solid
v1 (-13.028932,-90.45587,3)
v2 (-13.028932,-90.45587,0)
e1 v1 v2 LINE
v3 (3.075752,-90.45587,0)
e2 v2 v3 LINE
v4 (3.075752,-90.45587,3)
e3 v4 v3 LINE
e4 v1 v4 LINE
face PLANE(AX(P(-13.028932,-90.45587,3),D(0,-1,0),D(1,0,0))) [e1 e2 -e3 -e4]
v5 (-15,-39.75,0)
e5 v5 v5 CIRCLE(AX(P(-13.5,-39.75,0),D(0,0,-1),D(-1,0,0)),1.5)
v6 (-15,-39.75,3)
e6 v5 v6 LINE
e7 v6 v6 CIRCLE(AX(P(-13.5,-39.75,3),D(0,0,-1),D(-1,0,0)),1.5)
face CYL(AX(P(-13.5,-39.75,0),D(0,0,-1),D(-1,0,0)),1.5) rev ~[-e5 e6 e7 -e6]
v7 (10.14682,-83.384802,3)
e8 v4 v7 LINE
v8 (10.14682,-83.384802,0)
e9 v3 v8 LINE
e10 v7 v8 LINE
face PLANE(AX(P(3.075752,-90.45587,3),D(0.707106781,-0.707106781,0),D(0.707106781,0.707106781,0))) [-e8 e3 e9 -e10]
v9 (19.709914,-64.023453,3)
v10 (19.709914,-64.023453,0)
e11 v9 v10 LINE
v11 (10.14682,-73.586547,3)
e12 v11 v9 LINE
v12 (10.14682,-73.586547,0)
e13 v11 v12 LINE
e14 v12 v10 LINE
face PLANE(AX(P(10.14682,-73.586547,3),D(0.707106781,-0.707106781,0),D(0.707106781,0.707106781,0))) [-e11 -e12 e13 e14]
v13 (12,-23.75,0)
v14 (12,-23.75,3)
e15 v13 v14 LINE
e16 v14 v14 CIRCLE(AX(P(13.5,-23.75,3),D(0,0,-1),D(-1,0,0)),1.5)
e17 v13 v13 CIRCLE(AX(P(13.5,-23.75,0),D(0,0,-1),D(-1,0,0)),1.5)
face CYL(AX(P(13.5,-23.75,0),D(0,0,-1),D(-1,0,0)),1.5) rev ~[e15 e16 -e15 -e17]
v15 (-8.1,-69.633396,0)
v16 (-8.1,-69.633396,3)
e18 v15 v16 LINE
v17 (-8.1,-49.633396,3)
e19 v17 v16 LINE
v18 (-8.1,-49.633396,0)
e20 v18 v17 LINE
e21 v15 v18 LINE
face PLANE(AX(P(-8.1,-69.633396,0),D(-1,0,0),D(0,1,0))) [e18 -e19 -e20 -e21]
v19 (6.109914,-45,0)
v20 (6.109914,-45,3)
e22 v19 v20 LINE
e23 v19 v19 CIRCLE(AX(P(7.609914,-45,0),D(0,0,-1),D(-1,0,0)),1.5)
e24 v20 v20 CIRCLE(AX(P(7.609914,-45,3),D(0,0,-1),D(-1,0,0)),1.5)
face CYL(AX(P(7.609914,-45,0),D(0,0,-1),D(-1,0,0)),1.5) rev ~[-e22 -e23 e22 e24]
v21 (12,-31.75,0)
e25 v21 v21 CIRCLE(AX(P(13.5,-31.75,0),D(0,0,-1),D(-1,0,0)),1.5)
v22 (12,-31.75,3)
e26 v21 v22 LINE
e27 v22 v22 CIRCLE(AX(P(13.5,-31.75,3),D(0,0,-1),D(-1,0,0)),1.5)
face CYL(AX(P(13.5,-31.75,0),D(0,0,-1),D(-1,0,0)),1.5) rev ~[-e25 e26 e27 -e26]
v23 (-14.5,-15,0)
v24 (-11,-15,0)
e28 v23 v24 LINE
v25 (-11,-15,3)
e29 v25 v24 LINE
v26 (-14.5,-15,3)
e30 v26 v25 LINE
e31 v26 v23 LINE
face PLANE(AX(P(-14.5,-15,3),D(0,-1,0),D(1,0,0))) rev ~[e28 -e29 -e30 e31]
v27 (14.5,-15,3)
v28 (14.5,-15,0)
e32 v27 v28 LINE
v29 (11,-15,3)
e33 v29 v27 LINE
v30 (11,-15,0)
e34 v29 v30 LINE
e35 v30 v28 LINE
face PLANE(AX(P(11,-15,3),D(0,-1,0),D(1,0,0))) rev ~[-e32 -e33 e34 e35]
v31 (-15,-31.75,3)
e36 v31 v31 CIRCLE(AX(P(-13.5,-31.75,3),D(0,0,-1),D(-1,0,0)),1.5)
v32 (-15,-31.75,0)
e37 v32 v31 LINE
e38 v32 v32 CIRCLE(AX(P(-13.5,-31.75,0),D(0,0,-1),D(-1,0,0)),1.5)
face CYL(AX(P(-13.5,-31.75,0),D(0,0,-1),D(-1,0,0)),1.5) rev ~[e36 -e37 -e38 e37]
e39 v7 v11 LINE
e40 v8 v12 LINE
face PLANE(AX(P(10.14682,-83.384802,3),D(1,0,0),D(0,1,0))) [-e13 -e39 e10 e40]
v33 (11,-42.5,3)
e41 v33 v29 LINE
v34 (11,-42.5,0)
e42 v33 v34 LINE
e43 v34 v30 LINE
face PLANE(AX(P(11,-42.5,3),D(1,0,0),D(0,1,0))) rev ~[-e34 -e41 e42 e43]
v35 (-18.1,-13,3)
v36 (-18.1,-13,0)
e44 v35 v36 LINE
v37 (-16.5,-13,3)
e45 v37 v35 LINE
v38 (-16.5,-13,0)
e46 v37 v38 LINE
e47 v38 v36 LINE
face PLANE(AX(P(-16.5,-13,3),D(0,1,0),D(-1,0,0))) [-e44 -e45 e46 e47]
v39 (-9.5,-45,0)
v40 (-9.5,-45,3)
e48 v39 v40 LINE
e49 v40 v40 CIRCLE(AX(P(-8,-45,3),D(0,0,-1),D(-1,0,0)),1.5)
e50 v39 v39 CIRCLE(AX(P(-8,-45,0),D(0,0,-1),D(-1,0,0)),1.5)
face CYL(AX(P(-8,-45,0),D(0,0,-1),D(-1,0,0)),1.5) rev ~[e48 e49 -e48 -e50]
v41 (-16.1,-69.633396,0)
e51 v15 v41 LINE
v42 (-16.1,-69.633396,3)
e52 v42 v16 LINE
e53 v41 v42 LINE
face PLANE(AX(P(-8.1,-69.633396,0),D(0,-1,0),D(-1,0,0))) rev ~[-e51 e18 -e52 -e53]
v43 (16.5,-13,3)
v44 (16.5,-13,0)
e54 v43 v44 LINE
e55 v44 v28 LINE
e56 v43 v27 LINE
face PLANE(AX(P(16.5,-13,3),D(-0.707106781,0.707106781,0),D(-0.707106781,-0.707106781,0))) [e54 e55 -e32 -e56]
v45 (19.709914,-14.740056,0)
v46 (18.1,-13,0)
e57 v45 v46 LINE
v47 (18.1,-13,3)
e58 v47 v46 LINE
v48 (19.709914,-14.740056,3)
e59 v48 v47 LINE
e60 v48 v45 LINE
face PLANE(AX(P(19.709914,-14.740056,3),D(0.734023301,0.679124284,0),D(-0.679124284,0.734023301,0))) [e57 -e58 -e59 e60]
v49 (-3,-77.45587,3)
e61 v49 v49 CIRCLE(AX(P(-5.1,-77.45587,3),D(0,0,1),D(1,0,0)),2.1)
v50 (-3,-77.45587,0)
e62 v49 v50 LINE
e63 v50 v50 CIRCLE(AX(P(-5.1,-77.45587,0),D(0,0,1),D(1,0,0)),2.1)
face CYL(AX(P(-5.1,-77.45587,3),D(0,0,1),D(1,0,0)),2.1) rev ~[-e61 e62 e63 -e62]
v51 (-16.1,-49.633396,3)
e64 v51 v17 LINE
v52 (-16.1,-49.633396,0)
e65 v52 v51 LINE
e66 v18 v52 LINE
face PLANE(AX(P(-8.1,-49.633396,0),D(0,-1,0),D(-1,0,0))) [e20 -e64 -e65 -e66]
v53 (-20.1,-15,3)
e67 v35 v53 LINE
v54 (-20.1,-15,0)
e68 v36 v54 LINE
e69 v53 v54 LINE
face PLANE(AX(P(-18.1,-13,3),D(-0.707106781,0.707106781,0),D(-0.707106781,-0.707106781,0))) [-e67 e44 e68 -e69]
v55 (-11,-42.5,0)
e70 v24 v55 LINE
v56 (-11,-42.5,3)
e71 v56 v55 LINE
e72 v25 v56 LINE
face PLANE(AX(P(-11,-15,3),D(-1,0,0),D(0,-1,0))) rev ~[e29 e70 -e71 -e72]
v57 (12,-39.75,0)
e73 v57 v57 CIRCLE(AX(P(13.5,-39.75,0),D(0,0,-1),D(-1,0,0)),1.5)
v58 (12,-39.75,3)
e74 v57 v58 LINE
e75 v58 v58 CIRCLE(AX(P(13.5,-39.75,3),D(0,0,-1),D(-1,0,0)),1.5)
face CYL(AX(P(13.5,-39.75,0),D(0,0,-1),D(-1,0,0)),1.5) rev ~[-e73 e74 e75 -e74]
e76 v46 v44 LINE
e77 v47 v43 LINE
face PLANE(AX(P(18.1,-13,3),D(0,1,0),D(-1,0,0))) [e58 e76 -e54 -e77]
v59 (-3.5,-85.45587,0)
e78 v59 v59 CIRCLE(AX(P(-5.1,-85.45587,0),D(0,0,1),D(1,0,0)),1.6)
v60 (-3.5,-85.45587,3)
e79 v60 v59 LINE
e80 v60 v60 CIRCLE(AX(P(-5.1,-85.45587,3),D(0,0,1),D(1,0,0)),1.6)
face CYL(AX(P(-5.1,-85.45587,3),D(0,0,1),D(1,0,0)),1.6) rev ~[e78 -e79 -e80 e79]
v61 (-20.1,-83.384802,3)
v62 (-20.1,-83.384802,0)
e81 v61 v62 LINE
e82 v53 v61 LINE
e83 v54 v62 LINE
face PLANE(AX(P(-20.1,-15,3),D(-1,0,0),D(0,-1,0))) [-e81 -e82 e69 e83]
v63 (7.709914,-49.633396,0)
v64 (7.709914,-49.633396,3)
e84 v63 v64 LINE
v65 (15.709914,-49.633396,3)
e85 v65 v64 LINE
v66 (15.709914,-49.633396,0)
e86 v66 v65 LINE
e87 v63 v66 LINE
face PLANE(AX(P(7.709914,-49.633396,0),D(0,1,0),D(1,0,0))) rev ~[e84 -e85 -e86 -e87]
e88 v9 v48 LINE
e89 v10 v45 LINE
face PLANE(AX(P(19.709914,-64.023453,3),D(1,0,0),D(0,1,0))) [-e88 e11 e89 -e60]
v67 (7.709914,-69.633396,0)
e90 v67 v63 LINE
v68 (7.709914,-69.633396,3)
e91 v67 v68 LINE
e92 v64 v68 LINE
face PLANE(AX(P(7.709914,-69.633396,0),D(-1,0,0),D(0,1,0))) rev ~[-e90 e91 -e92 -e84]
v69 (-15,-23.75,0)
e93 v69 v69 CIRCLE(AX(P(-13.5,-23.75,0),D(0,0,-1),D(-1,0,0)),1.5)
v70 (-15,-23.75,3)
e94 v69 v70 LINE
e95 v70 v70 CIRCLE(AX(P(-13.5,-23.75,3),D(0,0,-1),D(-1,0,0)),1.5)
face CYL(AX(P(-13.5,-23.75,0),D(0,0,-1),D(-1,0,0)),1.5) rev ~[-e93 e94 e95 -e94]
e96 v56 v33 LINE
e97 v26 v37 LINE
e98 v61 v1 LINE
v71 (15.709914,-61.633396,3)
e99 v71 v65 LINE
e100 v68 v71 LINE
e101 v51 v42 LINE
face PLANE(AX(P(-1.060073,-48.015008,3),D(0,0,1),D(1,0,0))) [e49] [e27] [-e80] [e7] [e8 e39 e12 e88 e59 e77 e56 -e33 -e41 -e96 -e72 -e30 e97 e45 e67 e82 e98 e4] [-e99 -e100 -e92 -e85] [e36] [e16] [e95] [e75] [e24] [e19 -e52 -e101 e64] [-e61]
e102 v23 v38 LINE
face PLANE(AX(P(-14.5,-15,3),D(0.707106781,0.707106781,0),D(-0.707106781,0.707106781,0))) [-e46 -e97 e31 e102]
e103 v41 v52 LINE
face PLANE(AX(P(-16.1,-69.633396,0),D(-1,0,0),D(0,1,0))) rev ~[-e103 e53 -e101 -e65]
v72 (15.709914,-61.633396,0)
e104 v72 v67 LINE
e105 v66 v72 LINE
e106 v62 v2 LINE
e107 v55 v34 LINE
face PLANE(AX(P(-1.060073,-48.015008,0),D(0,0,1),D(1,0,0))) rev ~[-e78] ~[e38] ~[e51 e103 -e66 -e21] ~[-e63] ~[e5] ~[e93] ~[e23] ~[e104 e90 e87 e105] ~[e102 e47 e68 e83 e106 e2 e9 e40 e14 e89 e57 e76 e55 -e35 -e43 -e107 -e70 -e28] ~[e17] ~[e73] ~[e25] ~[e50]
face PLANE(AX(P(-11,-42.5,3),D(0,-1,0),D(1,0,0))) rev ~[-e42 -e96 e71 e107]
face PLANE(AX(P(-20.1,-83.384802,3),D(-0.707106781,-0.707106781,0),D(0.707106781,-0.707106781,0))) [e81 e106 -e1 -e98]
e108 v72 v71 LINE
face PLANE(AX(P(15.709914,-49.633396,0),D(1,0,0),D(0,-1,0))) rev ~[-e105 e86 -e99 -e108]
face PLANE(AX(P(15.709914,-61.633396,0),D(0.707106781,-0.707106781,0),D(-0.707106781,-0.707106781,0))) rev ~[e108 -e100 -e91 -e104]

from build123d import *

# Parameters (mm, degrees)
IZIM1_R                     = 2.1
IZIM1_R_2                   = 1.6
Y_KSEKLIK_EKSTR_ZYON1_DEPTH = 3
Y_KSEKLIK_EKSTR_ZYON2_DEPTH = 3
IZIM5_R                     = 1.5
KES_EKSTR_ZYON1_DEPTH       = 4
SKETCH3_W                   = 8
SKETCH3_H                   = 20
CUT_EXTRUDE1_DEPTH          = 10


with BuildPart() as part:
    # Çizim1 → Yükseklik-Ekstrüzyon1 (new body)
    with BuildSketch(Plane.XY.offset(3)):
        with BuildLine():
            Line((-20.1, -15), (-20.1, -83.384802))
            Line((-20.1, -83.384802), (-13.028932188, -90.455869812))
            Line((-13.028932188, -90.455869812), (3.075751729, -90.455869812))
            Line((3.075751729, -90.455869812), (10.146819541, -83.384802))
            Line((10.146819541, -83.384802), (10.146819541, -73.586547015))
            Line((10.146819541, -73.586547015), (19.709913851, -64.023452705))
            Line((19.709913851, -64.023452705), (19.709913851, -14.740055992))
            Line((19.709913851, -14.740055992), (18.1, -13))
            Line((18.1, -13), (16.5, -13))
            Line((16.5, -13), (14.5, -15))
            Line((14.5, -15), (14.5, -41.5))
            ThreePointArc((14.5, -41.5), (14.207106781, -42.207106781), (13.5, -42.5))
            Line((13.5, -42.5), (-13.5, -42.5))
            ThreePointArc((-13.5, -42.5), (-14.207106781, -42.207106781), (-14.5, -41.5))
            Line((-14.5, -41.5), (-14.5, -15))
            Line((-14.5, -15), (-16.5, -13))
            Line((-16.5, -13), (-18.1, -13))
            Line((-18.1, -13), (-20.1, -15))
        make_face()
        with Locations((-5.1, -77.455869812)):
            Circle(IZIM1_R, mode=Mode.SUBTRACT)
        with Locations((-5.1, -85.455869812)):
            Circle(IZIM1_R_2, mode=Mode.SUBTRACT)
    extrude(amount=-Y_KSEKLIK_EKSTR_ZYON1_DEPTH)

    # Çizim4 → Yükseklik-Ekstrüzyon2 (add)
    with BuildSketch(Plane.XY.offset(3)):
        Polygon((-16.5, -13), (-14.5, -15), (-11, -15), (-11, -42.5), (11, -42.5), (11, -15), (14.5, -15), (16.5, -13), (16.5, -43.147363563), (-16.5, -43.147363563), align=None)
    extrude(amount=-Y_KSEKLIK_EKSTR_ZYON2_DEPTH)

    # Çizim5 → Kes-Ekstrüzyon1 (cut)
    with BuildSketch(Plane(origin=(0, 0, 0), x_dir=(-1, 0, 0), z_dir=(0, 0, -1))):
        with Locations((-13.5, -23.75)):
            Circle(IZIM5_R)
        with Locations((-13.5, -31.75)):
            Circle(IZIM5_R)
        with Locations((-13.5, -39.75)):
            Circle(IZIM5_R)
        with Locations((-7.609913851, -45)):
            Circle(IZIM5_R)
        with Locations((8, -45)):
            Circle(IZIM5_R)
        with Locations((13.5, -39.75)):
            Circle(IZIM5_R)
        with Locations((13.5, -31.75)):
            Circle(IZIM5_R)
        with Locations((13.5, -23.75)):
            Circle(IZIM5_R)
    extrude(amount=-KES_EKSTR_ZYON1_DEPTH, mode=Mode.SUBTRACT)

    # Sketch3 → Cut-Extrude1 (cut)
    with BuildSketch(Plane(origin=(0, 0, 0), x_dir=(-1, 0, 0), z_dir=(0, 0, -1))):
        with Locations((12.1, -59.633395866)):
            Rectangle(SKETCH3_W, SKETCH3_H)
        Polygon((-15.709913851, -49.633395866), (-15.709913851, -61.633395866), (-7.709913851, -69.633395866), (-7.709913851, -49.633395866), align=None)
    extrude(amount=-CUT_EXTRUDE1_DEPTH, mode=Mode.SUBTRACT)


solid = part.part
